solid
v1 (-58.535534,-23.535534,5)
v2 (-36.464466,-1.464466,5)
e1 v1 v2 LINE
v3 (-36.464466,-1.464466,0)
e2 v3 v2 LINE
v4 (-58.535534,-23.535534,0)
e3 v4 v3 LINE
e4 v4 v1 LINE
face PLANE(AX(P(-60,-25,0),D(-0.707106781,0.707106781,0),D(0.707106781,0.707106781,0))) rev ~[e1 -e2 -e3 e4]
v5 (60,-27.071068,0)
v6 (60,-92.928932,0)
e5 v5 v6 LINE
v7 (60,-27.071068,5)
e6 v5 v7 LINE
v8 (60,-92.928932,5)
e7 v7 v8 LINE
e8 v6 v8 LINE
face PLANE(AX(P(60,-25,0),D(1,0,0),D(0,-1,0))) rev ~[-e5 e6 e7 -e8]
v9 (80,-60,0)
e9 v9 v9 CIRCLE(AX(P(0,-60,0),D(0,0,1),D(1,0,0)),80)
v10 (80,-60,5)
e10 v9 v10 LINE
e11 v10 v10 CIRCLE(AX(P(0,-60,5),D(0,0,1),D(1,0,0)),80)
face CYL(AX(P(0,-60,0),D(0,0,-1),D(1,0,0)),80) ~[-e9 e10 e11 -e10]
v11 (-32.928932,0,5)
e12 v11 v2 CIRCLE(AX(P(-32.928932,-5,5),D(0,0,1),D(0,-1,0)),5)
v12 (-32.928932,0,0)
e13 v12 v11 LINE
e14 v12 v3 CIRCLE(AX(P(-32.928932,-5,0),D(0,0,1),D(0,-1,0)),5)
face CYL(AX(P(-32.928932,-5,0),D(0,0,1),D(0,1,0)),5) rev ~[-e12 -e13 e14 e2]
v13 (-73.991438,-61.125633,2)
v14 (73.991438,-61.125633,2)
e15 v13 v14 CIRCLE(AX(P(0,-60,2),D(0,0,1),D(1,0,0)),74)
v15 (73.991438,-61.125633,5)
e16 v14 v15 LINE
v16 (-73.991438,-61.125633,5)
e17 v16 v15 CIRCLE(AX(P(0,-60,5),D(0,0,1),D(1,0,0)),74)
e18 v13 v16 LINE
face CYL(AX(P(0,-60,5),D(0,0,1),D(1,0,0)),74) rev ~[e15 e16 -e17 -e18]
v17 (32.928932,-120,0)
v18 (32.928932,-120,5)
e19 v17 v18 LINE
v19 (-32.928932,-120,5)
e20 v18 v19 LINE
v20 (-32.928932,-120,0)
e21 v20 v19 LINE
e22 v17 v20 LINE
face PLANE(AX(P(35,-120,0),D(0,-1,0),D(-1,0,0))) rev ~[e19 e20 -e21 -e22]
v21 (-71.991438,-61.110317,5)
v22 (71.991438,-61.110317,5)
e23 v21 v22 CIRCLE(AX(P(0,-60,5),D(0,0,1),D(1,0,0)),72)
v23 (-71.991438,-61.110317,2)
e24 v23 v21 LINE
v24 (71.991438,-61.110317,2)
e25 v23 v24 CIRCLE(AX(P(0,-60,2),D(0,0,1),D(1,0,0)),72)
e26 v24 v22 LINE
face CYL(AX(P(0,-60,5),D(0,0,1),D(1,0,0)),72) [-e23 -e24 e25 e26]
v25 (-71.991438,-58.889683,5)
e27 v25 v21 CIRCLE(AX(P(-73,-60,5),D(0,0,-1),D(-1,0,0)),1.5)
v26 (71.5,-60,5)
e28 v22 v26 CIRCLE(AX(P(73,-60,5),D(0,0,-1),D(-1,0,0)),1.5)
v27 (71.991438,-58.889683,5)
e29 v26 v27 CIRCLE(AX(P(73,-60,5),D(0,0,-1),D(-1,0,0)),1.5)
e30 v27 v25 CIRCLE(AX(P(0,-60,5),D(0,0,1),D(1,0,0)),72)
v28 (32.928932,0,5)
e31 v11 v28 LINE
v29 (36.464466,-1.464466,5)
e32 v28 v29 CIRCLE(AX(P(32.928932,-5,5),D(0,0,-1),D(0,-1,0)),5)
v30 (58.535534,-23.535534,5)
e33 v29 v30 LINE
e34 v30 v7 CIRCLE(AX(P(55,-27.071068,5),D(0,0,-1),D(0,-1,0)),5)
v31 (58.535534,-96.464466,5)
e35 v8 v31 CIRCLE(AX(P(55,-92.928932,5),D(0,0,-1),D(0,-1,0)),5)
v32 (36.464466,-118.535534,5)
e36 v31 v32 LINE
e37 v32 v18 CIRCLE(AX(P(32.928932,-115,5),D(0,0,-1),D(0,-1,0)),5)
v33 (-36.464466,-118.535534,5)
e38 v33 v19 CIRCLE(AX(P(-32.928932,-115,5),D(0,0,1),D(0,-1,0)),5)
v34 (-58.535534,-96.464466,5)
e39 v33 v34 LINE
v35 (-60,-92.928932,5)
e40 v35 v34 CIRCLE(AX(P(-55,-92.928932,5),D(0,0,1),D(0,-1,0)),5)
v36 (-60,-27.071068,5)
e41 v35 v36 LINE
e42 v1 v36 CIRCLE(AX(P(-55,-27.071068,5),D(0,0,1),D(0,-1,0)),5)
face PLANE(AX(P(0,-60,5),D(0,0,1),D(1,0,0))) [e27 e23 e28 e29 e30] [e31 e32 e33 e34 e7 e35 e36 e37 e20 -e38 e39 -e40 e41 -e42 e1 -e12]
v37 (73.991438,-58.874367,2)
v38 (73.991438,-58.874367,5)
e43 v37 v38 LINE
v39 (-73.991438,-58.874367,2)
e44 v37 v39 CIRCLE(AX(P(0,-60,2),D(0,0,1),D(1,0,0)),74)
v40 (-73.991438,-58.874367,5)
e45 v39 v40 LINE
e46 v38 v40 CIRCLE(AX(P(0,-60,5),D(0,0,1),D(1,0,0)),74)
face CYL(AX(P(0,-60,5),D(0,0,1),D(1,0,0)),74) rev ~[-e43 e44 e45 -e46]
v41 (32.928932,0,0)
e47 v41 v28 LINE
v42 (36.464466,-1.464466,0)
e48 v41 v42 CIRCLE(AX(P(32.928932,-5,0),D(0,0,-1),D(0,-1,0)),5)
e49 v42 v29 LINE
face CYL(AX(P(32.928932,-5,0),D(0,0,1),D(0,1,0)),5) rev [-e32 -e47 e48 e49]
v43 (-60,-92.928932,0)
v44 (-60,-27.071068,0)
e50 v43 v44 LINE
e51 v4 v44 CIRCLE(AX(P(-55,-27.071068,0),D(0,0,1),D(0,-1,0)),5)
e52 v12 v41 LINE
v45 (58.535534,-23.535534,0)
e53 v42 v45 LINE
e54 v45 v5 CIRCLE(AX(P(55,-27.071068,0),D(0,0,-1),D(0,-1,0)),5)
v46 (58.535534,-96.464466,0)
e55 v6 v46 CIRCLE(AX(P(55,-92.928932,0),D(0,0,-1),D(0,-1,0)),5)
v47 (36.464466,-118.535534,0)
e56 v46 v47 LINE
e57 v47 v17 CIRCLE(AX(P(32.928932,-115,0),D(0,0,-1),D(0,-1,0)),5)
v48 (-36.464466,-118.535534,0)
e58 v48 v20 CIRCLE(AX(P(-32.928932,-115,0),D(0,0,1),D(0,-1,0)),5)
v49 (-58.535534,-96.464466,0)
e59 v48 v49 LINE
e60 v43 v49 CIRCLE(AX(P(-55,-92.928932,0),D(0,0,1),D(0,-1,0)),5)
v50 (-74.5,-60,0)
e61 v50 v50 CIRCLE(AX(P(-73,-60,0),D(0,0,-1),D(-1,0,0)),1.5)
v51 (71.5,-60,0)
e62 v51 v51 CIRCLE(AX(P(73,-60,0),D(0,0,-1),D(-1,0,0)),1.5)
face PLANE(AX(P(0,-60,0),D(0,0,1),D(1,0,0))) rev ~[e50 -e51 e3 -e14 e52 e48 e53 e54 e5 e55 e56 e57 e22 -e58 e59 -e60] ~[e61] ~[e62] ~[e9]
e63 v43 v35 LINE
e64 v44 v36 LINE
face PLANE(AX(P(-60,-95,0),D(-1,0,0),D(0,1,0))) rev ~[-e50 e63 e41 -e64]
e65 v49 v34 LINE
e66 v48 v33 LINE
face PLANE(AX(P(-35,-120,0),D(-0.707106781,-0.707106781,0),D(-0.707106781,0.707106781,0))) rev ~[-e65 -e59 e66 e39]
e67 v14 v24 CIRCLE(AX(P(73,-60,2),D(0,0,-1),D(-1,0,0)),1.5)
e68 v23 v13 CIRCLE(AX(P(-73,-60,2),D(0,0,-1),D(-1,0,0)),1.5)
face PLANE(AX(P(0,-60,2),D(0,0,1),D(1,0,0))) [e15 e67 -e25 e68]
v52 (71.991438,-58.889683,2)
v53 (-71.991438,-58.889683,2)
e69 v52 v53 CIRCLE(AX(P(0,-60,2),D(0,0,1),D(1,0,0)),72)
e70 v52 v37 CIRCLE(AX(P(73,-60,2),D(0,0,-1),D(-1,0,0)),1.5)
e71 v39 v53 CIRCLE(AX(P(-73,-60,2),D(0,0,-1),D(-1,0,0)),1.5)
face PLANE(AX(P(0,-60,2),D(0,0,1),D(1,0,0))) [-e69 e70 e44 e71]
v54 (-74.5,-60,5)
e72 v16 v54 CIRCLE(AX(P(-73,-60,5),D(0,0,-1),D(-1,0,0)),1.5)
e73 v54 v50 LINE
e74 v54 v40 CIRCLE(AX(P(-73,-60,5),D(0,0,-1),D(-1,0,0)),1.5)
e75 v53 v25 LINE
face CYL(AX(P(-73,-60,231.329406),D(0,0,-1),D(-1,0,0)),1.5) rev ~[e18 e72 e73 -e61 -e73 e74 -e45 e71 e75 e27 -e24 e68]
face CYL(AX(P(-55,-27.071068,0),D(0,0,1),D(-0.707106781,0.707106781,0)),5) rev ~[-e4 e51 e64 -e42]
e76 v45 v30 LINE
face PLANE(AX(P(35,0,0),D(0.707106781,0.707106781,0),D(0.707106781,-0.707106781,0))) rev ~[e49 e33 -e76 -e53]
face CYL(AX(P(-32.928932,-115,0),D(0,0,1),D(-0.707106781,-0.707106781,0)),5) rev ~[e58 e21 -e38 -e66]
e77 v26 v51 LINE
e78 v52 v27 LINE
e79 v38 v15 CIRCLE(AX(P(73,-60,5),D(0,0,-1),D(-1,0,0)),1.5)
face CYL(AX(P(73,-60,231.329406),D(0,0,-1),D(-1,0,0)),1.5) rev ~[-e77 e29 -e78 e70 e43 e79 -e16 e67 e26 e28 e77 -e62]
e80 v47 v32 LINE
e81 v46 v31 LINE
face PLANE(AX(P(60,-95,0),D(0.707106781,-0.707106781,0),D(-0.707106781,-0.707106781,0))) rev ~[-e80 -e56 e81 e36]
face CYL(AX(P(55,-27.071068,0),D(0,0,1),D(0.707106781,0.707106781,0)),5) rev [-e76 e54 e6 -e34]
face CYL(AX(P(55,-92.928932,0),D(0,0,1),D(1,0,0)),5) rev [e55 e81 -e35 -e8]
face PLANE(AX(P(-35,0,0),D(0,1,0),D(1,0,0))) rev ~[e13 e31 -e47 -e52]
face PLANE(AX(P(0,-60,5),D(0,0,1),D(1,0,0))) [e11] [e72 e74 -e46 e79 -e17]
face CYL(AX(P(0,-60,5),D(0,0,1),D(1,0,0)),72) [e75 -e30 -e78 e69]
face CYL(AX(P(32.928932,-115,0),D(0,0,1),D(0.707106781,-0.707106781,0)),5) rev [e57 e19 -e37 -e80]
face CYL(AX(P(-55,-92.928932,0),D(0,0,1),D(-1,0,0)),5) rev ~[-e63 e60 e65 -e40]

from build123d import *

# Parameters (mm, degrees)
F0_R     = 80
F1_DEPTH = 5
F2_R     = 74
F2_R_2   = 72
F3_DEPTH = 3
F4_D     = 3
F5_R     = 5


with BuildPart() as f1:
    # F0 (on Top) → F1 (new body)
    with BuildSketch(Plane.XY):
        with Locations((0, -60)):
            Circle(F0_R)
        Polygon((35, 0), (60, -25), (60, -95), (35, -120), (-35, -120), (-60, -95), (-60, -25), (-35, 0), align=None, mode=Mode.SUBTRACT)
    extrude(amount=F1_DEPTH)

    # F2 (on face) → F3 (cut)
    with BuildSketch(Plane.XY.offset(5)):
        with Locations((0, -60)):
            Circle(F2_R)
        with Locations((0, -60)):
            Circle(F2_R_2, mode=Mode.SUBTRACT)
    extrude(amount=-F3_DEPTH, mode=Mode.SUBTRACT)

    # F4 (through all)
    with Locations(Plane.XY.offset(5)):
        with Locations((-73, -60), (73, -60)):
            Hole(F4_D / 2)

    # F5
    f5_edges = [f1.edges().sort_by_distance(p)[0] for p in [
        (-35, 0, 2.5),
        (35, 0, 2.5),
        (-60, -25, 2.5),
        (60, -25, 2.5),
        (60, -95, 2.5),
        (35, -120, 2.5),
        (-35, -120, 2.5),
        (-60, -95, 2.5),
    ]]
    fillet(f5_edges, radius=F5_R)


solid = f1.part
